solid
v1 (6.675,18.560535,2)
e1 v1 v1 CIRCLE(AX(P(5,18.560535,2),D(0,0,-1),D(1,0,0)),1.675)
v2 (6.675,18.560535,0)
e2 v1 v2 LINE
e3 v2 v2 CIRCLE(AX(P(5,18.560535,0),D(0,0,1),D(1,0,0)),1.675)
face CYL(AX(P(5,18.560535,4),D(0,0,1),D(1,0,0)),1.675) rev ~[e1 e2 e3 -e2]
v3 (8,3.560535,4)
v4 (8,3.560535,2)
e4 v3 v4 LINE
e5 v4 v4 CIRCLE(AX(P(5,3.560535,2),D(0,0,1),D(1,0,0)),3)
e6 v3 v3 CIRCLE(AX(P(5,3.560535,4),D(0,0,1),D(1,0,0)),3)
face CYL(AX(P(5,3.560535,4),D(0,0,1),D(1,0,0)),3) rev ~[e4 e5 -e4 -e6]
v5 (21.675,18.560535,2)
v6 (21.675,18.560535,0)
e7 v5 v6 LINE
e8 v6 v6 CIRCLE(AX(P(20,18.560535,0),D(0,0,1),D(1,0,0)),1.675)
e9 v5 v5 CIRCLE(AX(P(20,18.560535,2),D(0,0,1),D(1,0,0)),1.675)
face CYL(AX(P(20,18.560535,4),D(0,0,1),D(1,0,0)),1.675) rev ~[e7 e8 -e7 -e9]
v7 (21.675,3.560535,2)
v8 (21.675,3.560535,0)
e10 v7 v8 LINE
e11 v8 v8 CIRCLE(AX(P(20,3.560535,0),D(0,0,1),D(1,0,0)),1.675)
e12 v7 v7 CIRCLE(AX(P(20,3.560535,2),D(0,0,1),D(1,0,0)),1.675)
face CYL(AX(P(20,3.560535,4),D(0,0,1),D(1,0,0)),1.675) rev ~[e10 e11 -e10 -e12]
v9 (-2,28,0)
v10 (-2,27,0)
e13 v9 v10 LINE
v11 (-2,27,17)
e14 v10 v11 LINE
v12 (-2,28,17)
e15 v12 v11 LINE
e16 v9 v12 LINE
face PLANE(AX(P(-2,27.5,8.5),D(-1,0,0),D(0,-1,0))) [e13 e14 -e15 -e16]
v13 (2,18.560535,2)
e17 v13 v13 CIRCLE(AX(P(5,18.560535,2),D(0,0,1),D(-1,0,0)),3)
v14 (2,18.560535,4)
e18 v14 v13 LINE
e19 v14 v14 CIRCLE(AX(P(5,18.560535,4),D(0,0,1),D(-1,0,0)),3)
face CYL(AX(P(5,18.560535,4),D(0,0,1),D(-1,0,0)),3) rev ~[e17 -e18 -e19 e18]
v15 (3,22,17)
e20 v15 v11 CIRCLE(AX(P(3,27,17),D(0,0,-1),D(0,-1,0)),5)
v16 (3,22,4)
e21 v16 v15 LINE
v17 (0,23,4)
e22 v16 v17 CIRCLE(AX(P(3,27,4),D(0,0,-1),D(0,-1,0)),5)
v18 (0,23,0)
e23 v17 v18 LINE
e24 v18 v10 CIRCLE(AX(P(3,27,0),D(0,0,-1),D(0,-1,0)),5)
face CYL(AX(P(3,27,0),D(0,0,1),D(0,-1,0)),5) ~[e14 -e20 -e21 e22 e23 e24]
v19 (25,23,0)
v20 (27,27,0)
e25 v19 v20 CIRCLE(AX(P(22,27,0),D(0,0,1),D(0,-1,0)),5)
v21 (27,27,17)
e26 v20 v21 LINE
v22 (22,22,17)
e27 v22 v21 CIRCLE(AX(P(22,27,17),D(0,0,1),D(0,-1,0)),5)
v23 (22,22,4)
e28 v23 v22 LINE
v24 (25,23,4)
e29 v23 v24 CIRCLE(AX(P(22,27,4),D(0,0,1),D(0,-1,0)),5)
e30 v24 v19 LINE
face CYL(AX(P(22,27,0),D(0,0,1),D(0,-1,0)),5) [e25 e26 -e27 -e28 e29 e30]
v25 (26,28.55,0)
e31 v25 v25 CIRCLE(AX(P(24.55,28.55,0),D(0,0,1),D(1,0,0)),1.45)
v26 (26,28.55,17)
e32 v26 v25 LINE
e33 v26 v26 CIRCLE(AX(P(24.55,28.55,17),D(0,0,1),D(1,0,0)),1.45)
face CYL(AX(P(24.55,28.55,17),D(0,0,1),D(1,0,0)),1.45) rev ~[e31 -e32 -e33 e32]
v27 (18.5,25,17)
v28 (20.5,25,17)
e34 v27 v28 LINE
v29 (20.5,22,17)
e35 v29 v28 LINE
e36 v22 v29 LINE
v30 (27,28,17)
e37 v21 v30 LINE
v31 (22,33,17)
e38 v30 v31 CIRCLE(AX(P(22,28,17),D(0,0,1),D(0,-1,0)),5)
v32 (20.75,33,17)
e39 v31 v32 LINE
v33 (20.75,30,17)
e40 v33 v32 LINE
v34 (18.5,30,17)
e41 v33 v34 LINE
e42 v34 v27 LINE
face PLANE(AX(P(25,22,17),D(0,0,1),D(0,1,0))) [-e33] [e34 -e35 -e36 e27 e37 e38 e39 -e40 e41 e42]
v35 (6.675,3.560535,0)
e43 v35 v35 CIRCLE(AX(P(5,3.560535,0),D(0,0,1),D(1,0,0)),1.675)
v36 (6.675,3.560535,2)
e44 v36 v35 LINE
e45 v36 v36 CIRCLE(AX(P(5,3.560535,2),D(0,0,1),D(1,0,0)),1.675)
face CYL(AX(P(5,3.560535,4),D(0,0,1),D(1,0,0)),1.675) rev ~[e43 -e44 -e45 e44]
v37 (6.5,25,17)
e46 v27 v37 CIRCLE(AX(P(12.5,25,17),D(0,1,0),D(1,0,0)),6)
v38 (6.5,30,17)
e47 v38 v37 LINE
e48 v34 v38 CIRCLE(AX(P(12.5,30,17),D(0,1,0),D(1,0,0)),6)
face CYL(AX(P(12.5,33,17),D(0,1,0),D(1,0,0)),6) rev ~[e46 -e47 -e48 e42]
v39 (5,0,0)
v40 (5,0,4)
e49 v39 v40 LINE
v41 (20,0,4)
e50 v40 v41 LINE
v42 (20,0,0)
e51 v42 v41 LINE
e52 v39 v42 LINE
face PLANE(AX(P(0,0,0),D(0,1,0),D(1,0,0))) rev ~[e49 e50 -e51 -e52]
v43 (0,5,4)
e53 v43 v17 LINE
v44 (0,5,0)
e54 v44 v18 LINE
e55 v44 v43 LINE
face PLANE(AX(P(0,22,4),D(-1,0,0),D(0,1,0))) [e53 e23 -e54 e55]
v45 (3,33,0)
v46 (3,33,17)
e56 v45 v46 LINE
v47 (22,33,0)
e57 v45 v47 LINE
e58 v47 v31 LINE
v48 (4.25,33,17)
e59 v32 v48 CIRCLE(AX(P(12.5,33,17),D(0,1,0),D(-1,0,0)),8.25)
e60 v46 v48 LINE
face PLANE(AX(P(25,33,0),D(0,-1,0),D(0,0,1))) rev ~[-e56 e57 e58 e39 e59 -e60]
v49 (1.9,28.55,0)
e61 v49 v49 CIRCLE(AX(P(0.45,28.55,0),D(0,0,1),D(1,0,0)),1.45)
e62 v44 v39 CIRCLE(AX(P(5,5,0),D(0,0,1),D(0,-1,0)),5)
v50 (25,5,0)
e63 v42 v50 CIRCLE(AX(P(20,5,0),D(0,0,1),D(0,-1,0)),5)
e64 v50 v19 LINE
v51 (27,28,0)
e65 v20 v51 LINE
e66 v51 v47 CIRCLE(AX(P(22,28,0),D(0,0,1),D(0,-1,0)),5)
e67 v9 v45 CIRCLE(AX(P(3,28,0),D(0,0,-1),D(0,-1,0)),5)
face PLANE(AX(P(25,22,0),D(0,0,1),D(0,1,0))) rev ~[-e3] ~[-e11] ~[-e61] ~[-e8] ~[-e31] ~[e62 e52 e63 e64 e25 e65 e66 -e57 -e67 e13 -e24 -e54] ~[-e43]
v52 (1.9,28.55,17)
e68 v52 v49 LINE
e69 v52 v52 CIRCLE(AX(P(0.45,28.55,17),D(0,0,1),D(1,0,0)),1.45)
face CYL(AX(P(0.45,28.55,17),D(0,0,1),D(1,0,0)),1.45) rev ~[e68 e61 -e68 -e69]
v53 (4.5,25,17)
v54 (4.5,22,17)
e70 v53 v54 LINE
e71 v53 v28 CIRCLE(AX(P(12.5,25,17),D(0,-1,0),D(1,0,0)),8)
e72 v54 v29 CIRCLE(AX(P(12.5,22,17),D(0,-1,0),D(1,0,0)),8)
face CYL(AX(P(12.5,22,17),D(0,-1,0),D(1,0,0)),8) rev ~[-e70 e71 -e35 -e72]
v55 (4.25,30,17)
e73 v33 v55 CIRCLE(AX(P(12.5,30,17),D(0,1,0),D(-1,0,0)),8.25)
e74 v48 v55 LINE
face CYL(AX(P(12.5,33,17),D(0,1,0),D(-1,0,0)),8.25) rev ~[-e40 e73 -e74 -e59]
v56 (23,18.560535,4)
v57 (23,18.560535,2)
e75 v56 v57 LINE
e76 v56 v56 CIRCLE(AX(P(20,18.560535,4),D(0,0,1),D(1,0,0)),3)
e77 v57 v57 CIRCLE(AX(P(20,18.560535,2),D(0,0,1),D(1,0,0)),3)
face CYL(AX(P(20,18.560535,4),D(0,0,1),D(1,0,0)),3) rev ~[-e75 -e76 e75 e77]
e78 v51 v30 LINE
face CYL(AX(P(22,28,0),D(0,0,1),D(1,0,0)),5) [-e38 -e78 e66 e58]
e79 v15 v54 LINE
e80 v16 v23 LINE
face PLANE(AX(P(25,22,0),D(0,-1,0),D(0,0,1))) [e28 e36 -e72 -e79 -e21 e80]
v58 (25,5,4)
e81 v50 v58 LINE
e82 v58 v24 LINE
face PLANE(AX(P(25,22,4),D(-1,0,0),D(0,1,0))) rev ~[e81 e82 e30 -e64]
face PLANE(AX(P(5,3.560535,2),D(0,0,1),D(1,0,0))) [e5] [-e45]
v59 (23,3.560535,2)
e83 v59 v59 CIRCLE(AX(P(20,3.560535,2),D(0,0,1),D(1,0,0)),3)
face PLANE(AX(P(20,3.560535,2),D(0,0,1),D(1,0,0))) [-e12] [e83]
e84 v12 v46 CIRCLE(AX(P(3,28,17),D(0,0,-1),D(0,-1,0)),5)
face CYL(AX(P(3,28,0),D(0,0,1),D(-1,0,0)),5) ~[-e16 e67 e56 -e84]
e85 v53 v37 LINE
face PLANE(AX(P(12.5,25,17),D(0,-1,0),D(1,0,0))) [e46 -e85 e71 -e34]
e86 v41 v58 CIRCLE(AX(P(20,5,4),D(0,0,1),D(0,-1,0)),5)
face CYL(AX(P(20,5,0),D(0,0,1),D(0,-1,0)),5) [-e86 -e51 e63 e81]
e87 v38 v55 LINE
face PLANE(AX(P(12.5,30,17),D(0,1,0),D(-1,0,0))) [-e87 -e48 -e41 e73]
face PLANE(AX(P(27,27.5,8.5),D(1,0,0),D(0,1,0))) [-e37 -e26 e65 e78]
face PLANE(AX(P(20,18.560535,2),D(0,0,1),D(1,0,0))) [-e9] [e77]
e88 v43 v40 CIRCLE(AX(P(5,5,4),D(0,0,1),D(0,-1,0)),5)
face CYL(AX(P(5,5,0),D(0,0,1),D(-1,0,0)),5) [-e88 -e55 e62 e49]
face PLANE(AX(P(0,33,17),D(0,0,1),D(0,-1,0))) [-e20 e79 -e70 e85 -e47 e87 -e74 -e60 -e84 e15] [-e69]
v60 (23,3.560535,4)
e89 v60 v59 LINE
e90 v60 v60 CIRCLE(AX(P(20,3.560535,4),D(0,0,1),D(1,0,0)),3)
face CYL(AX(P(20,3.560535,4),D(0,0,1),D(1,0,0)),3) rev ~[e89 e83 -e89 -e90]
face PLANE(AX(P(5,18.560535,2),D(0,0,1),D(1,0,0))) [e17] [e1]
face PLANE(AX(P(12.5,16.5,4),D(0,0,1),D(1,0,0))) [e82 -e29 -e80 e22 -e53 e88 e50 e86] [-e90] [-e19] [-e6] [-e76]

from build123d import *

# Parameters (mm, degrees)
F0_W      = 25
F0_H      = 33
F1_DEPTH  = 4
F2_R      = 1.675
F3_DEPTH  = 25
F4_W      = 25
F4_H      = 11
F5_DEPTH  = 13
F7_DEPTH  = 9
F8_R      = 8
F9_DEPTH  = 3
F2_R_2    = 3
F10_DEPTH = 2
F11_R     = 5
F12_W     = 11
F12_H     = 17
F13_DEPTH = 2
F14_W     = 11
F14_H     = 17
F15_DEPTH = 2
F16_R     = 1.45
F17_DEPTH = 25
F18_R     = 5
F19_R     = 8.25
F20_DEPTH = 3


with BuildPart() as f1:
    # F0 (on Top) → F1 (new body)
    with BuildSketch(Plane.XY):
        with Locations((12.5, 16.5)):
            Rectangle(F0_W, F0_H)
    extrude(amount=F1_DEPTH)

    # F2 (on face) → F3 (cut)
    with BuildSketch(Plane.XY.offset(4)):
        with BuildLine():
            ThreePointArc((3.325, 18.5605346784), (5, 16.8855346784), (6.675, 18.5605346784))
            ThreePointArc((6.675, 18.5605346784), (5, 20.2355346784), (3.325, 18.5605346784))
        make_face()
        with Locations((20, 18.5605346784)):
            Circle(F2_R)
        with Locations((20, 3.5605346784)):
            Circle(F2_R)
        with Locations((5, 3.5605346784)):
            Circle(F2_R)
    extrude(amount=-F3_DEPTH, mode=Mode.SUBTRACT)

    # F4 (on face) → F5 (join)
    with BuildSketch(Plane.XY.offset(4)):
        with Locations((12.5, 27.5)):
            Rectangle(F4_W, F4_H)
    extrude(amount=F5_DEPTH)

    # F6 (on face) → F7 (cut)
    with BuildSketch(Plane(origin=(0, 33, 0), x_dir=(-1, 0, 0), z_dir=(0, 1, 0))):
        with BuildLine():
            ThreePointArc((-18.5, 17), (-12.5, 11), (-6.5, 17))
            Line((-6.5, 17), (-18.5, 17))
        make_face()
    extrude(amount=-F7_DEPTH, mode=Mode.SUBTRACT)

    # F8 (on face) → F9 (cut)
    with BuildSketch(Plane.XZ.offset(-22)):
        with Locations((12.5, 17)):
            Circle(F8_R)
    extrude(amount=-F9_DEPTH, mode=Mode.SUBTRACT)

    # F2 (on face) → F10 (cut)
    with BuildSketch(Plane.XY.offset(4)):
        with BuildLine():
            ThreePointArc((8, 18.5605346784), (5, 21.5605346784), (2, 18.5605346784))
            ThreePointArc((2, 18.5605346784), (5, 15.5605346784), (8, 18.5605346784))
        make_face()
        with BuildLine():
            ThreePointArc((3.325, 18.5605346784), (5, 20.2355346784), (6.675, 18.5605346784))
            ThreePointArc((6.675, 18.5605346784), (5, 16.8855346784), (3.325, 18.5605346784))
        make_face(mode=Mode.SUBTRACT)
        with Locations((20, 18.5605346784)):
            Circle(F2_R_2)
        with Locations((20, 18.5605346784)):
            Circle(F2_R, mode=Mode.SUBTRACT)
        with Locations((20, 3.5605346784)):
            Circle(F2_R_2)
        with Locations((20, 3.5605346784)):
            Circle(F2_R, mode=Mode.SUBTRACT)
        with Locations((5, 3.5605346784)):
            Circle(F2_R_2)
        with Locations((5, 3.5605346784)):
            Circle(F2_R, mode=Mode.SUBTRACT)
    extrude(amount=-F10_DEPTH, mode=Mode.SUBTRACT)

    # F11
    f11_edges = [f1.edges().sort_by_distance(p)[0] for p in [
        (0, 0, 2),
        (25, 0, 2),
    ]]
    fillet(f11_edges, radius=F11_R)

    # F12 (on face) → F13 (join)
    with BuildSketch(Plane(origin=(0, 0, 0), x_dir=(0, -1, 0), z_dir=(-1, 0, 0))):
        with Locations((-27.5, 8.5)):
            Rectangle(F12_W, F12_H)
    extrude(amount=F13_DEPTH)

    # F14 (on face) → F15 (join)
    with BuildSketch(Plane.YZ.offset(25)):
        with Locations((27.5, 8.5)):
            Rectangle(F14_W, F14_H)
    extrude(amount=F15_DEPTH)

    # F16 (on face) → F17 (cut)
    with BuildSketch(Plane.XY.offset(17)):
        with Locations((0.45, 28.55)):
            Circle(F16_R)
        with Locations((24.55, 28.55)):
            Circle(F16_R)
    extrude(amount=-F17_DEPTH, mode=Mode.SUBTRACT)

    # F18
    f18_edges = [f1.edges().sort_by_distance(p)[0] for p in [
        (-2, 22, 8.5),
        (-2, 33, 8.5),
        (27, 33, 8.5),
        (27, 22, 8.5),
    ]]
    fillet(f18_edges, radius=F18_R)

    # F19 (on face) → F20 (cut)
    with BuildSketch(Plane(origin=(0, 33, 0), x_dir=(-1, 0, 0), z_dir=(0, 1, 0))):
        with Locations((-12.5, 17)):
            Circle(F19_R)
    extrude(amount=-F20_DEPTH, mode=Mode.SUBTRACT)


solid = f1.part
